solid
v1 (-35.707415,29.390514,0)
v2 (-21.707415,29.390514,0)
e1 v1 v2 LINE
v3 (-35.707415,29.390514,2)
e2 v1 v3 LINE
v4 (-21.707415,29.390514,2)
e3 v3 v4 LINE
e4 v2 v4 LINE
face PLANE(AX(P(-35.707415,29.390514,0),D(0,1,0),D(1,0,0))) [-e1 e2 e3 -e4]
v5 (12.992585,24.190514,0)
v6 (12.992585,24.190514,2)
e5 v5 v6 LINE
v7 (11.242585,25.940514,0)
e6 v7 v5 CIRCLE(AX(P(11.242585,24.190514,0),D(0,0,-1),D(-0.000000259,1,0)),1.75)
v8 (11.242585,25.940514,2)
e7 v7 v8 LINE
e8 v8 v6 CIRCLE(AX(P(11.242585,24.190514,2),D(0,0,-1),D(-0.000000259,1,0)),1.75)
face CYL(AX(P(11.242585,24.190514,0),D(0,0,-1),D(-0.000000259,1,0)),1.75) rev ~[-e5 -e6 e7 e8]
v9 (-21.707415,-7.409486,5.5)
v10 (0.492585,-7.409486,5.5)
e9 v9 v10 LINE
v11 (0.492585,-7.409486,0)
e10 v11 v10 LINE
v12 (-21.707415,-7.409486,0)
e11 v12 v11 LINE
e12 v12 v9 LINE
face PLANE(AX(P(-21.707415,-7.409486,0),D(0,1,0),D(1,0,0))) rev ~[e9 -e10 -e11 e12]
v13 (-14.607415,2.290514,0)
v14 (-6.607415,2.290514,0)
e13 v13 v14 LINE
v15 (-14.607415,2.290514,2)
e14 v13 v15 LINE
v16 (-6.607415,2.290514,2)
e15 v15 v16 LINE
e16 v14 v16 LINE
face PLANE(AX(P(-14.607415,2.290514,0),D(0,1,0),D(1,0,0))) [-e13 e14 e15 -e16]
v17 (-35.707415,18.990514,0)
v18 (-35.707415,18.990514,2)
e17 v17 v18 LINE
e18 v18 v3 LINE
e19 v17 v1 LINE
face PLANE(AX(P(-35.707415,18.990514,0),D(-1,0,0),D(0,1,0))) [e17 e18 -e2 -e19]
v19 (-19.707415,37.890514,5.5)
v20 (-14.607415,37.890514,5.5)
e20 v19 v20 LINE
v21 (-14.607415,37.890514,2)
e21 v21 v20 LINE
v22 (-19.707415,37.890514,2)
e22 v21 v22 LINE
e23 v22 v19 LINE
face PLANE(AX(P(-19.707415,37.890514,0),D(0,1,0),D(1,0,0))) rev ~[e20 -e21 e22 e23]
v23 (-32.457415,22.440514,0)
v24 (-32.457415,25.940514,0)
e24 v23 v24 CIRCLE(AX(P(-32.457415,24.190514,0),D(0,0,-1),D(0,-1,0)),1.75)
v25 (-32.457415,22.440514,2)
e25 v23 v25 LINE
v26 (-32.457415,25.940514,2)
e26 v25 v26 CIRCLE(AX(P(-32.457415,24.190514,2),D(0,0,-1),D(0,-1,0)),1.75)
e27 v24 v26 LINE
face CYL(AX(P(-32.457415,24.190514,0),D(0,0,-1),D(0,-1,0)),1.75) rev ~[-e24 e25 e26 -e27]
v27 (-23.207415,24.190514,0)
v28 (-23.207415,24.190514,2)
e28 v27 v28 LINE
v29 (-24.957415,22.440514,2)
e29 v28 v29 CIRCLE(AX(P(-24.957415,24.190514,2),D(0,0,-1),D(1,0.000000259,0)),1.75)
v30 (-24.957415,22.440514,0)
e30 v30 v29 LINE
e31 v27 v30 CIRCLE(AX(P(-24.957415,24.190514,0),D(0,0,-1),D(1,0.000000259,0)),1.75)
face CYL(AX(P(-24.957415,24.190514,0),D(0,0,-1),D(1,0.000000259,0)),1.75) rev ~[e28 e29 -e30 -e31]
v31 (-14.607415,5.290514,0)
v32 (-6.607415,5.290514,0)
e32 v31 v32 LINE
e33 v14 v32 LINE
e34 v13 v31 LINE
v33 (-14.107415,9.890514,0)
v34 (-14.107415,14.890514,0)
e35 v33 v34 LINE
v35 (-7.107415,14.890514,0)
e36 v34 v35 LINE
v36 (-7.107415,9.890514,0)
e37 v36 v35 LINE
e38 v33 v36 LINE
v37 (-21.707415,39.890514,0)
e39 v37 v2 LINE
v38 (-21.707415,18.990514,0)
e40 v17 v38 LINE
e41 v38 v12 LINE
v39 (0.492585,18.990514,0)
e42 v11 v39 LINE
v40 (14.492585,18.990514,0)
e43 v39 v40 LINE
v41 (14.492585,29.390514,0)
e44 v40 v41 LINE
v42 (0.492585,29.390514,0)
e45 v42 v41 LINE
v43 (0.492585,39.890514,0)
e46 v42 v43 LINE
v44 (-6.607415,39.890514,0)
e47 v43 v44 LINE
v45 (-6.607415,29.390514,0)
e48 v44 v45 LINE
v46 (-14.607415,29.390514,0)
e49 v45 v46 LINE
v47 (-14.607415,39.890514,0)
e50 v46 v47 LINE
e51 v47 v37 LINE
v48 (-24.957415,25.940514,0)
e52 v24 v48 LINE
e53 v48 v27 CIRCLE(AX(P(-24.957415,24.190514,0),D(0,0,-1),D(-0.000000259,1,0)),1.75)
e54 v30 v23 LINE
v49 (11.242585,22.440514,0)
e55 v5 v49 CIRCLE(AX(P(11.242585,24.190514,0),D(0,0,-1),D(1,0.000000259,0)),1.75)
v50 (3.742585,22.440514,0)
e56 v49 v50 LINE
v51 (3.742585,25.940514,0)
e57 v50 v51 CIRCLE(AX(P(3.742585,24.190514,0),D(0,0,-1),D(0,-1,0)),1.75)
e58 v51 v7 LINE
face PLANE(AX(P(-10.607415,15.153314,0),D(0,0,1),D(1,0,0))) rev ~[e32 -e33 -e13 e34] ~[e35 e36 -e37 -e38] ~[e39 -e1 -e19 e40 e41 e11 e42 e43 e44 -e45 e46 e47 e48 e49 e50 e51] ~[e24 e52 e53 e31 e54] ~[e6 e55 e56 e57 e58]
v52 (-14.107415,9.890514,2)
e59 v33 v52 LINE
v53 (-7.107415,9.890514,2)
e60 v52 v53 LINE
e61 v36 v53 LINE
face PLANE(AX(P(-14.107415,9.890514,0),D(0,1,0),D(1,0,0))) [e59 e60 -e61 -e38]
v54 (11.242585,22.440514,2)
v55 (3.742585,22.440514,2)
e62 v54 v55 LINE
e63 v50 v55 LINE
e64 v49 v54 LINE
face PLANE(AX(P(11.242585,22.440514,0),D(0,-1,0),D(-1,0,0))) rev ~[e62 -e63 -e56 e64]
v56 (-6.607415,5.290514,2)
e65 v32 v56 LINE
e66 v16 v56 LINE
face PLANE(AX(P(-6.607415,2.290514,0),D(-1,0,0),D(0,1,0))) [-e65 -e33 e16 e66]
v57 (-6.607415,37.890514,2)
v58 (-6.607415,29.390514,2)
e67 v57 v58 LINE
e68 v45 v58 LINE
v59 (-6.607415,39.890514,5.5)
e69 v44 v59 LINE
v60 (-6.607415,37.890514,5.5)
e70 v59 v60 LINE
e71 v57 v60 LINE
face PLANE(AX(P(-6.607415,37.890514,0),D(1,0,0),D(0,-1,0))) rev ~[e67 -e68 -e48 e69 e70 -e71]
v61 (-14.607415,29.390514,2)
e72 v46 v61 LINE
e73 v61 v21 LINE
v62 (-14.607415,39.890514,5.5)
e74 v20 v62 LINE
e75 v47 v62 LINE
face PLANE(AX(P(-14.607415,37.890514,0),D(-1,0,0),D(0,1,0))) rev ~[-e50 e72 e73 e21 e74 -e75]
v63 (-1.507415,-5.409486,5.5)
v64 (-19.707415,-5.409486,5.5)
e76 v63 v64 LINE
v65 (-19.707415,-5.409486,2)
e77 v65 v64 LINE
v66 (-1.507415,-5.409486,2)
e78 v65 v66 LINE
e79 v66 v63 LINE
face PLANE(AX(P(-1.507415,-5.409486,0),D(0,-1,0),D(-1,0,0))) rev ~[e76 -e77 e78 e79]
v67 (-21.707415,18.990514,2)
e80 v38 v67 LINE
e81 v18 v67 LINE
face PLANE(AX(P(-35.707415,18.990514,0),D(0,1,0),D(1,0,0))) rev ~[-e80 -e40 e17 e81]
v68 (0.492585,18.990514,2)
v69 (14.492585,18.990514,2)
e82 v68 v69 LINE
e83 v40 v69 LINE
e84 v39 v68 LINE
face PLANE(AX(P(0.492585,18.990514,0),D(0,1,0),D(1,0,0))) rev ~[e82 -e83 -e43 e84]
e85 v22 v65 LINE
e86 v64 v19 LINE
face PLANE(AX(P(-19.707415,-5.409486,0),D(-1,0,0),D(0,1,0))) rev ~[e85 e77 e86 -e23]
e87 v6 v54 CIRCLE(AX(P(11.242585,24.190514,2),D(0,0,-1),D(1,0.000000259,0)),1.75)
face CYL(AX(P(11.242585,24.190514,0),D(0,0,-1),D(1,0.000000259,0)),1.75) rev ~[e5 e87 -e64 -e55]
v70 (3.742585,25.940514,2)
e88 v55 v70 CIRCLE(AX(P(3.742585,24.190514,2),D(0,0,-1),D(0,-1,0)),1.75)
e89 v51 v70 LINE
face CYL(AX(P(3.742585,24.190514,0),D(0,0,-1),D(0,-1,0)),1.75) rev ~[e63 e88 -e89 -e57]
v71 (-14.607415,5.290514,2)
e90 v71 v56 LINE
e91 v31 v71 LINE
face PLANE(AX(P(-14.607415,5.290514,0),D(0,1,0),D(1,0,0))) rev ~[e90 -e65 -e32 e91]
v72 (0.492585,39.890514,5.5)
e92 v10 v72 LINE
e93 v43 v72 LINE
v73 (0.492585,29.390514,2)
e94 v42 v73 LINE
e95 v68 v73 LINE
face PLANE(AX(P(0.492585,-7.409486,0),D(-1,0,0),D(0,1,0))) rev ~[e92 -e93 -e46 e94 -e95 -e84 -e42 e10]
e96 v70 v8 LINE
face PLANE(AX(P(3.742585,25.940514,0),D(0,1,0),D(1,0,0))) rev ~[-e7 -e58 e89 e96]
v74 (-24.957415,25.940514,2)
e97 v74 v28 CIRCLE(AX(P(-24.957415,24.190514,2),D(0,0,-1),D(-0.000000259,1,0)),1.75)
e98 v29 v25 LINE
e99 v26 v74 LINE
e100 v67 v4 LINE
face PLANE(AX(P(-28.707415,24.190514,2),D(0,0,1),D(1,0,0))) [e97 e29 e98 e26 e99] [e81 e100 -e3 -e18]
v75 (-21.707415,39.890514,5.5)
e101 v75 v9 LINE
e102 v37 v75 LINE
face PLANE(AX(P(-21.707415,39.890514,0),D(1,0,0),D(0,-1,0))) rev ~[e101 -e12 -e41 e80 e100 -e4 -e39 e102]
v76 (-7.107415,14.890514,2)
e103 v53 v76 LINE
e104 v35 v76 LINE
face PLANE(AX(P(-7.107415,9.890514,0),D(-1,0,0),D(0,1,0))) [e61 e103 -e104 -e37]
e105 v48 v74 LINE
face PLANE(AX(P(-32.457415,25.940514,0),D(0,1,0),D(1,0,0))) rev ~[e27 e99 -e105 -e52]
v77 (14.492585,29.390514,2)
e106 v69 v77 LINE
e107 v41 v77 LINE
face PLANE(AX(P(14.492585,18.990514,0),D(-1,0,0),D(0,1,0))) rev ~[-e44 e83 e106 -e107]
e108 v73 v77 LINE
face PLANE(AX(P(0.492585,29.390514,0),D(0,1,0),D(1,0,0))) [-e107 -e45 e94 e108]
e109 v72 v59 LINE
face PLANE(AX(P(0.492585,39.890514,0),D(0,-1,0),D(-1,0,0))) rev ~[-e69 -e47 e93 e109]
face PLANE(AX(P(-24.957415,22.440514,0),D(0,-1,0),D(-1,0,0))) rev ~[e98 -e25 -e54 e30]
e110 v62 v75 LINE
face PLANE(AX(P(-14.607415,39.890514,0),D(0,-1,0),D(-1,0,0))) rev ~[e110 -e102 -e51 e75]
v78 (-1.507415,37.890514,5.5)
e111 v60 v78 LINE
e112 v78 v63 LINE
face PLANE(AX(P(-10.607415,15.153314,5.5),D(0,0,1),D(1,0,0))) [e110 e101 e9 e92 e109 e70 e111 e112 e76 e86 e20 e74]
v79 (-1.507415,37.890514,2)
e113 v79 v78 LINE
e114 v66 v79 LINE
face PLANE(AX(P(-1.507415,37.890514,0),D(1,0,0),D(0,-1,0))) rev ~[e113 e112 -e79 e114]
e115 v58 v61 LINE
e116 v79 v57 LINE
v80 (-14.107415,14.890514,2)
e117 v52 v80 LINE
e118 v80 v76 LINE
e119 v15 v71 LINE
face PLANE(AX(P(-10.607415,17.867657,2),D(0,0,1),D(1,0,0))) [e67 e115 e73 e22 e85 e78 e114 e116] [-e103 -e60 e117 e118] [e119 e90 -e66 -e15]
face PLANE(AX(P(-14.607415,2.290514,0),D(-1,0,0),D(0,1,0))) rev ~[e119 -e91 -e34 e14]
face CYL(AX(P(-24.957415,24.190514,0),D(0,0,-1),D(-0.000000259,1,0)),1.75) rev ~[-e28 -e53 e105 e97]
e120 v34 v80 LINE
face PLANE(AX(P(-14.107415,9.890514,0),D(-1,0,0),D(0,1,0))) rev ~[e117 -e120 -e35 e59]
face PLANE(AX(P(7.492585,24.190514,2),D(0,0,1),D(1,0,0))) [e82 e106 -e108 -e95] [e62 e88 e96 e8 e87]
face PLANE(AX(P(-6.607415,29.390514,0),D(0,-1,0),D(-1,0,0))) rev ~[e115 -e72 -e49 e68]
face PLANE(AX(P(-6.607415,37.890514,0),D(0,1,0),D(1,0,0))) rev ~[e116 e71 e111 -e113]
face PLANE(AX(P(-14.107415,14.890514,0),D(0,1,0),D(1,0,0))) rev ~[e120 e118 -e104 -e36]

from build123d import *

# Parameters (mm, degrees)
F0_W     = 8
F0_H     = 3
F0_W_2   = 7
F0_H_2   = 5
F0_W_3   = 14
F0_H_3   = 10.4
F1_DEPTH = 2
F2_DEPTH = 5.5


with BuildPart() as f1:
    # F0 (on Top) → F1 (new body)
    with BuildSketch(Plane.XY):
        Polygon((-14.607415, 29.390514), (-14.607415, 37.890514), (-19.707415, 37.890514), (-19.707415, -5.409486), (-10.607415, -5.409486), (-1.507415, -5.409486), (-1.507415, 37.890514), (-6.607415, 37.890514), (-6.607415, 29.390514), (-10.607415, 29.390514), align=None)
        with Locations((-10.607415, 3.790514)):
            Rectangle(F0_W, F0_H, mode=Mode.SUBTRACT)
        with Locations((-10.607415, 12.390514)):
            Rectangle(F0_W_2, F0_H_2, mode=Mode.SUBTRACT)
        with Locations((7.492585, 24.190514)):
            Rectangle(F0_W_3, F0_H_3)
        with BuildLine():
            ThreePointArc((11.242585, 25.940514), (12.480022, 25.427951), (12.992585, 24.190514))
            ThreePointArc((12.992585, 24.190514), (12.480022, 22.953077), (11.242585, 22.440514))
            Line((11.242585, 22.440514), (3.742585, 22.440514))
            ThreePointArc((3.742585, 22.440514), (1.992585, 24.190514), (3.742585, 25.940514))
            Line((3.742585, 25.940514), (11.242585, 25.940514))
        make_face(mode=Mode.SUBTRACT)
        with Locations((-28.707415, 24.190514)):
            Rectangle(F0_W_3, F0_H_3)
        with BuildLine():
            ThreePointArc((-32.457415, 22.440514), (-34.207415, 24.190514), (-32.457415, 25.940514))
            Line((-32.457415, 25.940514), (-24.957415, 25.940514))
            ThreePointArc((-24.957415, 25.940514), (-23.719978, 25.427951), (-23.207415, 24.190514))
            ThreePointArc((-23.207415, 24.190514), (-23.719978, 22.953077), (-24.957415, 22.440514))
            Line((-24.957415, 22.440514), (-32.457415, 22.440514))
        make_face(mode=Mode.SUBTRACT)
    extrude(amount=F1_DEPTH)

    # F0 (on Top) → F2 (join)
    with BuildSketch(Plane.XY):
        Polygon((-19.707415, 37.890514), (-14.607415, 37.890514), (-14.607415, 39.890514), (-21.707415, 39.890514), (-21.707415, 29.390514), (-21.707415, 18.990514), (-21.707415, -7.409486), (-10.607415, -7.409486), (0.492585, -7.409486), (0.492585, 18.990514), (0.492585, 29.390514), (0.492585, 39.890514), (-6.607415, 39.890514), (-6.607415, 37.890514), (-1.507415, 37.890514), (-1.507415, -5.409486), (-10.607415, -5.409486), (-19.707415, -5.409486), align=None)
    extrude(amount=F2_DEPTH)


solid = f1.part
